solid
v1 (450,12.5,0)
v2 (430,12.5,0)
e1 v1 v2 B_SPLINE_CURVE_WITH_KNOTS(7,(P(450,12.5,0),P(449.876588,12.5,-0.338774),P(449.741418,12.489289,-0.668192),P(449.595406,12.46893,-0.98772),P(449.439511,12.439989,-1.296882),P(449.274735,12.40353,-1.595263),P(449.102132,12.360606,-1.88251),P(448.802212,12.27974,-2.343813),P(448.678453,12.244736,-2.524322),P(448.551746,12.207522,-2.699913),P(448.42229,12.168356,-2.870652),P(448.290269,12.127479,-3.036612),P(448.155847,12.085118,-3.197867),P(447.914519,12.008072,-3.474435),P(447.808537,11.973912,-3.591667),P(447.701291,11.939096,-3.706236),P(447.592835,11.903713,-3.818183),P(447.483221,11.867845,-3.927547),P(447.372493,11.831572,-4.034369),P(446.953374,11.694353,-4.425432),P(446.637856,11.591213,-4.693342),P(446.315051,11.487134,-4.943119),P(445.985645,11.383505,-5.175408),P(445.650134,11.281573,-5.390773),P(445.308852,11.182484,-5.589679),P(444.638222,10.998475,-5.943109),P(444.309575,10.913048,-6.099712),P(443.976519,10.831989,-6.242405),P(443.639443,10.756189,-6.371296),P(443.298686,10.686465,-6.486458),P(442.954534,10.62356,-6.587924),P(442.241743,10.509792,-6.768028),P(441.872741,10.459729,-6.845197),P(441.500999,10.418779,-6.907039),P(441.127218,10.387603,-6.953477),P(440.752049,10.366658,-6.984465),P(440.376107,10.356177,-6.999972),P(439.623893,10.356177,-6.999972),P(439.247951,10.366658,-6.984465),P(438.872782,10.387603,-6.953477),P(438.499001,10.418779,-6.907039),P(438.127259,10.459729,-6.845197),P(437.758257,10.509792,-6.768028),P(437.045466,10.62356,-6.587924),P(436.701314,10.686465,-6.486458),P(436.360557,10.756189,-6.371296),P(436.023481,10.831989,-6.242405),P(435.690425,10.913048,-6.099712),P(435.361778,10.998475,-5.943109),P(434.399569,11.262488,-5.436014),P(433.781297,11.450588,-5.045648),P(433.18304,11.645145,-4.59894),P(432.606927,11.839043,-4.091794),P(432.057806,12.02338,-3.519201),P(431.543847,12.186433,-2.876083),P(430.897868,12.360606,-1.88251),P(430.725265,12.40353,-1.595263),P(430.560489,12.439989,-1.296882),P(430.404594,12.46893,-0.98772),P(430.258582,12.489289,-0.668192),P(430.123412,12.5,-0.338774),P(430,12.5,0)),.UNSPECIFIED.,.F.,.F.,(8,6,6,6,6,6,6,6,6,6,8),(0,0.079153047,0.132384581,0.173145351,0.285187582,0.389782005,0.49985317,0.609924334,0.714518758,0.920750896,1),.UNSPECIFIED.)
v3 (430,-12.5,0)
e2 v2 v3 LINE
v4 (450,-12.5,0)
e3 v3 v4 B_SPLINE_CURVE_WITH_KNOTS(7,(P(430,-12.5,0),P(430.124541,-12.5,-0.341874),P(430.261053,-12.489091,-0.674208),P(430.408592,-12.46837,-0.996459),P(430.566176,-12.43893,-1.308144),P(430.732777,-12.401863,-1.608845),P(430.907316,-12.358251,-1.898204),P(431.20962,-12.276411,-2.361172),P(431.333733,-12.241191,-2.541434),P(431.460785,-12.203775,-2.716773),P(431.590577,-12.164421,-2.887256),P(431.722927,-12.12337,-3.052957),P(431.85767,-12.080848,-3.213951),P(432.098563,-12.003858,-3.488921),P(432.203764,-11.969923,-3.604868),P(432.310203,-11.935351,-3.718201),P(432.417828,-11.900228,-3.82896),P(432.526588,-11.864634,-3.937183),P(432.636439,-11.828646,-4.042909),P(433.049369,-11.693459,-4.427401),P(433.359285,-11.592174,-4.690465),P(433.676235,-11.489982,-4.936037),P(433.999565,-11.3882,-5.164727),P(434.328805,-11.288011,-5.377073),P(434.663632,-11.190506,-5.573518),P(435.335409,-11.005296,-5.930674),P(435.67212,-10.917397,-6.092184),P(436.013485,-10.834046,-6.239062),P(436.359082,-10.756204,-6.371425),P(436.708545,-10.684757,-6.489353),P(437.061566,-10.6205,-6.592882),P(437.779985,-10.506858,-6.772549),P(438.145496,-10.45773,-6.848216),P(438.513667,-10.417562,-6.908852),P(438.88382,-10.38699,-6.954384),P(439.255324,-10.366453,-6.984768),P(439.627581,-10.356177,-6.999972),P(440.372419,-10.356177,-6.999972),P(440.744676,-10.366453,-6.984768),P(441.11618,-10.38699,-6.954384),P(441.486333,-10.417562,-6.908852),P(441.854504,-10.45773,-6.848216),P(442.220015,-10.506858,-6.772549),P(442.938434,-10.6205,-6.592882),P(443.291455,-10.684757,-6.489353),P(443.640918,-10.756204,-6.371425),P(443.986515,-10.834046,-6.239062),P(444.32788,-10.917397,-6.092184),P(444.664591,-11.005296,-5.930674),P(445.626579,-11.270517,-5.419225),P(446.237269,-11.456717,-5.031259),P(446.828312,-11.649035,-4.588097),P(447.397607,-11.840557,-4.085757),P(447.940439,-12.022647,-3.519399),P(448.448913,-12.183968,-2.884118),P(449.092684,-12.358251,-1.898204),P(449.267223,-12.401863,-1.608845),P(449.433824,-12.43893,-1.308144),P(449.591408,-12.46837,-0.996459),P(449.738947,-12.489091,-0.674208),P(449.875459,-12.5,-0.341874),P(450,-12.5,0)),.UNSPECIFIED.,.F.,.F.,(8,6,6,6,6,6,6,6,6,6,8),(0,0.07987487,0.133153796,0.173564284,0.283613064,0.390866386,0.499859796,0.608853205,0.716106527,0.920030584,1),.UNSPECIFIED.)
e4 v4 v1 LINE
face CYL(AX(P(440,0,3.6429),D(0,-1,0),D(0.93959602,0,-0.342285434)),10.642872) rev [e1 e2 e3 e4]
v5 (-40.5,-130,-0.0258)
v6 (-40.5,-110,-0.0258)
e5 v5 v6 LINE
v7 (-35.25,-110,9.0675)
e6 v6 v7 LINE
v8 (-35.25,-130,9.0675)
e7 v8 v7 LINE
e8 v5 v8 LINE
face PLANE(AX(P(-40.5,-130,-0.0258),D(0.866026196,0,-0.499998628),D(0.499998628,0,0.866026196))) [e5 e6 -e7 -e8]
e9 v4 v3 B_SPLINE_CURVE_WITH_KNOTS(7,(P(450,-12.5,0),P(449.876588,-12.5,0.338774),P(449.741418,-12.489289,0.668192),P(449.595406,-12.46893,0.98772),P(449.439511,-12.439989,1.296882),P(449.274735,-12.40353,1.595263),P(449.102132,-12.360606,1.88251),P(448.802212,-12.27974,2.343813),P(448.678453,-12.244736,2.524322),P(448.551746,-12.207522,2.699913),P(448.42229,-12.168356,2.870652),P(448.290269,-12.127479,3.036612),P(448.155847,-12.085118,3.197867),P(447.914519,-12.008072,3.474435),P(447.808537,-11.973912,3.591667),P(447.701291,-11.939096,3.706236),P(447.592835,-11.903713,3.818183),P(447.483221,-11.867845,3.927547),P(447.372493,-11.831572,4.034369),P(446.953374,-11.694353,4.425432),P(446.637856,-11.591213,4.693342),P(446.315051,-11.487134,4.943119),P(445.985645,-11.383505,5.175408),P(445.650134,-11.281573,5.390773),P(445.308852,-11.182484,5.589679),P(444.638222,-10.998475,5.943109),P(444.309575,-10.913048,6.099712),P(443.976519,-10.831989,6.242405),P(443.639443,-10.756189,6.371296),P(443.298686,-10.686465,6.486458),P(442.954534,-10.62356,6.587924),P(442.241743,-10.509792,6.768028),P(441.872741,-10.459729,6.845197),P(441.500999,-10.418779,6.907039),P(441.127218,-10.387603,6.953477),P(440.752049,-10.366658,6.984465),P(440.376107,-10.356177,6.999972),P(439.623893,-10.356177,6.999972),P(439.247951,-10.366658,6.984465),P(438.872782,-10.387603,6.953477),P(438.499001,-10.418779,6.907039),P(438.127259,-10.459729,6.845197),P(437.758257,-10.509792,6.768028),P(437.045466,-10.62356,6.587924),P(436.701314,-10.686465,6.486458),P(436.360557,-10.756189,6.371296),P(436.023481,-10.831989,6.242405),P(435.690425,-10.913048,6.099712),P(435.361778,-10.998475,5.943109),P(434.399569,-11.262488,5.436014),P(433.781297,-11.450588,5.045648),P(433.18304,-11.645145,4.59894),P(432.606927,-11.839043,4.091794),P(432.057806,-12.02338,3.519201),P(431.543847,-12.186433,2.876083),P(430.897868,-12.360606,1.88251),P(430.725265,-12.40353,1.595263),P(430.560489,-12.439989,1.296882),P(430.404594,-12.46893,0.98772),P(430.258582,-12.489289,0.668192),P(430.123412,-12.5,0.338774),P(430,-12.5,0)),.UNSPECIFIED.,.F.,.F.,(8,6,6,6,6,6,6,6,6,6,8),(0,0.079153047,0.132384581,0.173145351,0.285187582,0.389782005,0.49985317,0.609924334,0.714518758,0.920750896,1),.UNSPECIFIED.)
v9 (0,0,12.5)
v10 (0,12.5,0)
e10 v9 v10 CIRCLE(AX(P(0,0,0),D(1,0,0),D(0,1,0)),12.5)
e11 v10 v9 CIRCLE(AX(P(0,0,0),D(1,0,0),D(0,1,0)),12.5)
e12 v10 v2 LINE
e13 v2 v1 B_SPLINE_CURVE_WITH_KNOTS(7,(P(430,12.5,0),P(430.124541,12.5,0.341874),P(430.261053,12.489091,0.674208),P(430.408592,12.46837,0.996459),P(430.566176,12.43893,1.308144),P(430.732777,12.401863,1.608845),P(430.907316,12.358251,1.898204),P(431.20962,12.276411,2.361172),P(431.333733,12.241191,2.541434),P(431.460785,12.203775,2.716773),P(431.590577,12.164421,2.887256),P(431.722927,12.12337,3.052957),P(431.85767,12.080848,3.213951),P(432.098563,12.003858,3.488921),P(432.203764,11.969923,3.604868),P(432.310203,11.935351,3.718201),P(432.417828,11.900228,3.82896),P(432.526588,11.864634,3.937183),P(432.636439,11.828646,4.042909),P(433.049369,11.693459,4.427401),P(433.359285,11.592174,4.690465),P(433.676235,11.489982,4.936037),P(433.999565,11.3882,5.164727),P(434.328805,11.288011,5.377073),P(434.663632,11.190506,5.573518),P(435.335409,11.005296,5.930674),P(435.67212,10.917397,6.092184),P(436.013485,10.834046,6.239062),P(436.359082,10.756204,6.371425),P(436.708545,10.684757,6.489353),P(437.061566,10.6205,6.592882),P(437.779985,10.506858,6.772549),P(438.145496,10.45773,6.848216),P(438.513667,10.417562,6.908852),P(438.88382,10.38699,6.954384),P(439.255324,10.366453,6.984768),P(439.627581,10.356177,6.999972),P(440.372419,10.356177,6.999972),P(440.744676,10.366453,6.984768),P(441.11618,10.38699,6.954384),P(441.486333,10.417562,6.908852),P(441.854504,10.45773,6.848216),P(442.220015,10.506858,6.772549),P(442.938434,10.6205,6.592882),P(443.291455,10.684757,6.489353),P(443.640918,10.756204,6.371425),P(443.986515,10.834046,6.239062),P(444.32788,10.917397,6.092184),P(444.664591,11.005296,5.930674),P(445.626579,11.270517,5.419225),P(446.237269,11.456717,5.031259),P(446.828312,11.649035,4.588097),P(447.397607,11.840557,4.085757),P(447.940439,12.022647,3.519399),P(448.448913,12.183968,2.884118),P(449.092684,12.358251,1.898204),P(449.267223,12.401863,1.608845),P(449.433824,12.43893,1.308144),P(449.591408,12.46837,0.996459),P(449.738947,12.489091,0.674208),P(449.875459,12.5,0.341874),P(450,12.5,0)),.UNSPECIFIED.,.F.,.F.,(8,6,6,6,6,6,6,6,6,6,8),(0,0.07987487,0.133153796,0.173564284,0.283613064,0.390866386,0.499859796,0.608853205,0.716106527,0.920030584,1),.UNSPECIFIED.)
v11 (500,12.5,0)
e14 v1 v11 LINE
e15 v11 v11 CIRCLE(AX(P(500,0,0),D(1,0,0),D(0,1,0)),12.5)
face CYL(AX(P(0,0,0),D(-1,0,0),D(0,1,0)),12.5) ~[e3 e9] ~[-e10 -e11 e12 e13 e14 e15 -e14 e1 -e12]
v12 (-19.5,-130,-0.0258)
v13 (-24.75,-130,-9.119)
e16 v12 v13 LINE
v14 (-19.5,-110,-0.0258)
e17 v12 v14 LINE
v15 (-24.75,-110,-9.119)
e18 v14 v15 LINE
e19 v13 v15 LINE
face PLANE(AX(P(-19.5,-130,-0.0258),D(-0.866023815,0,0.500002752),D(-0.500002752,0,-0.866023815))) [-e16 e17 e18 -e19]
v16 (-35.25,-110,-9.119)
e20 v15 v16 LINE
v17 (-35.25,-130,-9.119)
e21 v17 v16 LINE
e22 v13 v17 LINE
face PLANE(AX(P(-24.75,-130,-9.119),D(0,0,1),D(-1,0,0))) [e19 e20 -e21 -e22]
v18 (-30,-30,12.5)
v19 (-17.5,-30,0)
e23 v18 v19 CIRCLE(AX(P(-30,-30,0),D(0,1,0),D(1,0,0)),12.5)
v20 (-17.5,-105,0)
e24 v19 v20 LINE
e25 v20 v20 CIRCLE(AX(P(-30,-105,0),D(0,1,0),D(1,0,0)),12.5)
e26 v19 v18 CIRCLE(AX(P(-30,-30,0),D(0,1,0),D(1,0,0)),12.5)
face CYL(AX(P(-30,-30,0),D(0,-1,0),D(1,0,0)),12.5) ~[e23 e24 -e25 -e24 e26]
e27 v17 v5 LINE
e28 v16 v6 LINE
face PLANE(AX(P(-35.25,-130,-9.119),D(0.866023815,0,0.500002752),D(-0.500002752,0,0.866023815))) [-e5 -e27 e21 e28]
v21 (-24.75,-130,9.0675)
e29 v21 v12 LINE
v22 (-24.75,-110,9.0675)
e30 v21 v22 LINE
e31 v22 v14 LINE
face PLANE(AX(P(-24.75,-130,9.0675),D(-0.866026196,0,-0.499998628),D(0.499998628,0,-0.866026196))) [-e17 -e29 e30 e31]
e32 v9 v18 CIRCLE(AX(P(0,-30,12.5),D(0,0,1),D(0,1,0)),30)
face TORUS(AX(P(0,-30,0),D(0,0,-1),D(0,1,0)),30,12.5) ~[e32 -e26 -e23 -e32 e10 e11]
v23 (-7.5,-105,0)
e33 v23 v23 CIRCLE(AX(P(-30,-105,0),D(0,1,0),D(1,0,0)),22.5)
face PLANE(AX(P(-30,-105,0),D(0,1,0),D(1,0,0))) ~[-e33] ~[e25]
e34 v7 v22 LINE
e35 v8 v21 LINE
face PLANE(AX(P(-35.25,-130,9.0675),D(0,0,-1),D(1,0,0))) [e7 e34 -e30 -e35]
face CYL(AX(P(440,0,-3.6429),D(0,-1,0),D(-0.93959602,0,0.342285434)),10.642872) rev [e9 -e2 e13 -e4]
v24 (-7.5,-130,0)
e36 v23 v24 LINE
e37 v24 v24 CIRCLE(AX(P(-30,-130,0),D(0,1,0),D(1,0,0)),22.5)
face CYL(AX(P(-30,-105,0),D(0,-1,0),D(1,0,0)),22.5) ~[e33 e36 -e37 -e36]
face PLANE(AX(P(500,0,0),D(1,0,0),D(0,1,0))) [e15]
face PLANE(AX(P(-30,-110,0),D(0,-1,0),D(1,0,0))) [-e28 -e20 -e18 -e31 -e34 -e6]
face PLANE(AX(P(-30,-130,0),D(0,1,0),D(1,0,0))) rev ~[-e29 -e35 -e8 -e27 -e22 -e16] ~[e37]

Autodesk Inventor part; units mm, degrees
ref_plane "YZ Plane" through (0, 0, 0) normal (1, 0, 0) x (0, 1, 0)
ref_plane "XZ Plane" through (0, 0, 0) normal (0, 1, 0) x (-1, 0, 0)
ref_plane "XY Plane" through (0, 0, 0) normal (0, 0, 1) x (1, 0, 0)
sketch "Sketch1" plane through (0, 0, 0) normal (0, 1, 0) x (-1, 0, 0)
  arc A0 (-450, 0) -> (-430, 0) centre (-440, 3.6429) ccw
  arc A1 (-430, 0) -> (-450, 0) centre (-440, -3.6429) ccw
sketch "Sketch2" plane through (0, 0, 0) normal (1, 0, 0) x (0, 1, 0)
  circle A0 centre (0, 0) radius 12.5
  dimension "d8" = 25
extrude "Extrusion1" add sketch "Sketch2" along normal blind 500
extrude "Extrusion2" cut sketch "Sketch1" along normal mid plane 25
sketch "Sketch3" plane through (0, 0, 0) normal (0, 0, 1) x (1, 0, 0)
  line L0 (0, -12.5) -> (0, 12.5) projected
  line L1 (0, -30) -> (-42.5, -30) construction
  line L2 (0, -30) -> (0, 12.5) construction
  line L3 (-17.5, -30) -> (-17.5, -105)
  line L4 (-17.5, -105) -> (-7.5, -105)
  line L5 (-7.5, -105) -> (-7.5, -130)
  line L6 (-7.5, -130) -> (-30, -130)
  line L7 (-30, -130) -> (-30, -30)
  line L8 (-17.5, -30) -> (-30, -30)
  point P0 (0, 0)
  point P1 (0, 0)
  dimension "d13" = 90
  dimension "d14" = 30
  dimension "d15" = 75
  dimension "d16" = 10
  dimension "d17" = 25
  dimension "d18" = 22.5
revolve "Revolution1" add sketch "Sketch3" angle 360 about axis through (-30, -130, 0) along (0, 1, 0)
sketch "Sketch5" plane through (0, 0, 0) normal (-1, 0, 0) x (0, 0, 1)
  circle A0 centre (0, 0) radius 12.5
  line L0 (12.5, -30) -> (-12.5, -30) projected
  line L1 (12.5, -30) -> (-12.5, -30)
revolve "Revolution2" add sketch "Sketch5" angle 90 about axis through (0, -30, 12.5) along (0, 0, 1)
sketch "Sketch6" plane through (-30, -130, 0) normal (0, -1, 0) x (1, 0, 0)
  line L0 (-10.5, -0.0258) -> (-5.25, 9.0675)
  line L1 (-5.25, 9.0675) -> (5.25, 9.0675)
  line L2 (5.25, 9.0675) -> (10.5, -0.0258)
  line L3 (10.5, -0.0258) -> (5.25, -9.119)
  line L4 (5.25, -9.119) -> (-5.25, -9.119)
  line L5 (-5.25, -9.119) -> (-10.5, -0.0258)
  circle A0 centre (0, 0) radius 22.5 projected
  point P0 (30, 0)
  point P1 (0, 9.0675)
  dimension "d24" = 120
  dimension "d25" = 21
  dimension "d26" = 120
  dimension "d27" = 120
  dimension "d28" = 0
  dimension "d29" = 120
  dimension "d30" = 0
  dimension "d31" = 10.5
  dimension "d32" = 10.5
extrude "Extrusion3" cut sketch "Sketch6" against normal blind 20 contours L0 L1 L2 L3 L4 L5
properties part number "Chave" material "Steel ASTM A36"
